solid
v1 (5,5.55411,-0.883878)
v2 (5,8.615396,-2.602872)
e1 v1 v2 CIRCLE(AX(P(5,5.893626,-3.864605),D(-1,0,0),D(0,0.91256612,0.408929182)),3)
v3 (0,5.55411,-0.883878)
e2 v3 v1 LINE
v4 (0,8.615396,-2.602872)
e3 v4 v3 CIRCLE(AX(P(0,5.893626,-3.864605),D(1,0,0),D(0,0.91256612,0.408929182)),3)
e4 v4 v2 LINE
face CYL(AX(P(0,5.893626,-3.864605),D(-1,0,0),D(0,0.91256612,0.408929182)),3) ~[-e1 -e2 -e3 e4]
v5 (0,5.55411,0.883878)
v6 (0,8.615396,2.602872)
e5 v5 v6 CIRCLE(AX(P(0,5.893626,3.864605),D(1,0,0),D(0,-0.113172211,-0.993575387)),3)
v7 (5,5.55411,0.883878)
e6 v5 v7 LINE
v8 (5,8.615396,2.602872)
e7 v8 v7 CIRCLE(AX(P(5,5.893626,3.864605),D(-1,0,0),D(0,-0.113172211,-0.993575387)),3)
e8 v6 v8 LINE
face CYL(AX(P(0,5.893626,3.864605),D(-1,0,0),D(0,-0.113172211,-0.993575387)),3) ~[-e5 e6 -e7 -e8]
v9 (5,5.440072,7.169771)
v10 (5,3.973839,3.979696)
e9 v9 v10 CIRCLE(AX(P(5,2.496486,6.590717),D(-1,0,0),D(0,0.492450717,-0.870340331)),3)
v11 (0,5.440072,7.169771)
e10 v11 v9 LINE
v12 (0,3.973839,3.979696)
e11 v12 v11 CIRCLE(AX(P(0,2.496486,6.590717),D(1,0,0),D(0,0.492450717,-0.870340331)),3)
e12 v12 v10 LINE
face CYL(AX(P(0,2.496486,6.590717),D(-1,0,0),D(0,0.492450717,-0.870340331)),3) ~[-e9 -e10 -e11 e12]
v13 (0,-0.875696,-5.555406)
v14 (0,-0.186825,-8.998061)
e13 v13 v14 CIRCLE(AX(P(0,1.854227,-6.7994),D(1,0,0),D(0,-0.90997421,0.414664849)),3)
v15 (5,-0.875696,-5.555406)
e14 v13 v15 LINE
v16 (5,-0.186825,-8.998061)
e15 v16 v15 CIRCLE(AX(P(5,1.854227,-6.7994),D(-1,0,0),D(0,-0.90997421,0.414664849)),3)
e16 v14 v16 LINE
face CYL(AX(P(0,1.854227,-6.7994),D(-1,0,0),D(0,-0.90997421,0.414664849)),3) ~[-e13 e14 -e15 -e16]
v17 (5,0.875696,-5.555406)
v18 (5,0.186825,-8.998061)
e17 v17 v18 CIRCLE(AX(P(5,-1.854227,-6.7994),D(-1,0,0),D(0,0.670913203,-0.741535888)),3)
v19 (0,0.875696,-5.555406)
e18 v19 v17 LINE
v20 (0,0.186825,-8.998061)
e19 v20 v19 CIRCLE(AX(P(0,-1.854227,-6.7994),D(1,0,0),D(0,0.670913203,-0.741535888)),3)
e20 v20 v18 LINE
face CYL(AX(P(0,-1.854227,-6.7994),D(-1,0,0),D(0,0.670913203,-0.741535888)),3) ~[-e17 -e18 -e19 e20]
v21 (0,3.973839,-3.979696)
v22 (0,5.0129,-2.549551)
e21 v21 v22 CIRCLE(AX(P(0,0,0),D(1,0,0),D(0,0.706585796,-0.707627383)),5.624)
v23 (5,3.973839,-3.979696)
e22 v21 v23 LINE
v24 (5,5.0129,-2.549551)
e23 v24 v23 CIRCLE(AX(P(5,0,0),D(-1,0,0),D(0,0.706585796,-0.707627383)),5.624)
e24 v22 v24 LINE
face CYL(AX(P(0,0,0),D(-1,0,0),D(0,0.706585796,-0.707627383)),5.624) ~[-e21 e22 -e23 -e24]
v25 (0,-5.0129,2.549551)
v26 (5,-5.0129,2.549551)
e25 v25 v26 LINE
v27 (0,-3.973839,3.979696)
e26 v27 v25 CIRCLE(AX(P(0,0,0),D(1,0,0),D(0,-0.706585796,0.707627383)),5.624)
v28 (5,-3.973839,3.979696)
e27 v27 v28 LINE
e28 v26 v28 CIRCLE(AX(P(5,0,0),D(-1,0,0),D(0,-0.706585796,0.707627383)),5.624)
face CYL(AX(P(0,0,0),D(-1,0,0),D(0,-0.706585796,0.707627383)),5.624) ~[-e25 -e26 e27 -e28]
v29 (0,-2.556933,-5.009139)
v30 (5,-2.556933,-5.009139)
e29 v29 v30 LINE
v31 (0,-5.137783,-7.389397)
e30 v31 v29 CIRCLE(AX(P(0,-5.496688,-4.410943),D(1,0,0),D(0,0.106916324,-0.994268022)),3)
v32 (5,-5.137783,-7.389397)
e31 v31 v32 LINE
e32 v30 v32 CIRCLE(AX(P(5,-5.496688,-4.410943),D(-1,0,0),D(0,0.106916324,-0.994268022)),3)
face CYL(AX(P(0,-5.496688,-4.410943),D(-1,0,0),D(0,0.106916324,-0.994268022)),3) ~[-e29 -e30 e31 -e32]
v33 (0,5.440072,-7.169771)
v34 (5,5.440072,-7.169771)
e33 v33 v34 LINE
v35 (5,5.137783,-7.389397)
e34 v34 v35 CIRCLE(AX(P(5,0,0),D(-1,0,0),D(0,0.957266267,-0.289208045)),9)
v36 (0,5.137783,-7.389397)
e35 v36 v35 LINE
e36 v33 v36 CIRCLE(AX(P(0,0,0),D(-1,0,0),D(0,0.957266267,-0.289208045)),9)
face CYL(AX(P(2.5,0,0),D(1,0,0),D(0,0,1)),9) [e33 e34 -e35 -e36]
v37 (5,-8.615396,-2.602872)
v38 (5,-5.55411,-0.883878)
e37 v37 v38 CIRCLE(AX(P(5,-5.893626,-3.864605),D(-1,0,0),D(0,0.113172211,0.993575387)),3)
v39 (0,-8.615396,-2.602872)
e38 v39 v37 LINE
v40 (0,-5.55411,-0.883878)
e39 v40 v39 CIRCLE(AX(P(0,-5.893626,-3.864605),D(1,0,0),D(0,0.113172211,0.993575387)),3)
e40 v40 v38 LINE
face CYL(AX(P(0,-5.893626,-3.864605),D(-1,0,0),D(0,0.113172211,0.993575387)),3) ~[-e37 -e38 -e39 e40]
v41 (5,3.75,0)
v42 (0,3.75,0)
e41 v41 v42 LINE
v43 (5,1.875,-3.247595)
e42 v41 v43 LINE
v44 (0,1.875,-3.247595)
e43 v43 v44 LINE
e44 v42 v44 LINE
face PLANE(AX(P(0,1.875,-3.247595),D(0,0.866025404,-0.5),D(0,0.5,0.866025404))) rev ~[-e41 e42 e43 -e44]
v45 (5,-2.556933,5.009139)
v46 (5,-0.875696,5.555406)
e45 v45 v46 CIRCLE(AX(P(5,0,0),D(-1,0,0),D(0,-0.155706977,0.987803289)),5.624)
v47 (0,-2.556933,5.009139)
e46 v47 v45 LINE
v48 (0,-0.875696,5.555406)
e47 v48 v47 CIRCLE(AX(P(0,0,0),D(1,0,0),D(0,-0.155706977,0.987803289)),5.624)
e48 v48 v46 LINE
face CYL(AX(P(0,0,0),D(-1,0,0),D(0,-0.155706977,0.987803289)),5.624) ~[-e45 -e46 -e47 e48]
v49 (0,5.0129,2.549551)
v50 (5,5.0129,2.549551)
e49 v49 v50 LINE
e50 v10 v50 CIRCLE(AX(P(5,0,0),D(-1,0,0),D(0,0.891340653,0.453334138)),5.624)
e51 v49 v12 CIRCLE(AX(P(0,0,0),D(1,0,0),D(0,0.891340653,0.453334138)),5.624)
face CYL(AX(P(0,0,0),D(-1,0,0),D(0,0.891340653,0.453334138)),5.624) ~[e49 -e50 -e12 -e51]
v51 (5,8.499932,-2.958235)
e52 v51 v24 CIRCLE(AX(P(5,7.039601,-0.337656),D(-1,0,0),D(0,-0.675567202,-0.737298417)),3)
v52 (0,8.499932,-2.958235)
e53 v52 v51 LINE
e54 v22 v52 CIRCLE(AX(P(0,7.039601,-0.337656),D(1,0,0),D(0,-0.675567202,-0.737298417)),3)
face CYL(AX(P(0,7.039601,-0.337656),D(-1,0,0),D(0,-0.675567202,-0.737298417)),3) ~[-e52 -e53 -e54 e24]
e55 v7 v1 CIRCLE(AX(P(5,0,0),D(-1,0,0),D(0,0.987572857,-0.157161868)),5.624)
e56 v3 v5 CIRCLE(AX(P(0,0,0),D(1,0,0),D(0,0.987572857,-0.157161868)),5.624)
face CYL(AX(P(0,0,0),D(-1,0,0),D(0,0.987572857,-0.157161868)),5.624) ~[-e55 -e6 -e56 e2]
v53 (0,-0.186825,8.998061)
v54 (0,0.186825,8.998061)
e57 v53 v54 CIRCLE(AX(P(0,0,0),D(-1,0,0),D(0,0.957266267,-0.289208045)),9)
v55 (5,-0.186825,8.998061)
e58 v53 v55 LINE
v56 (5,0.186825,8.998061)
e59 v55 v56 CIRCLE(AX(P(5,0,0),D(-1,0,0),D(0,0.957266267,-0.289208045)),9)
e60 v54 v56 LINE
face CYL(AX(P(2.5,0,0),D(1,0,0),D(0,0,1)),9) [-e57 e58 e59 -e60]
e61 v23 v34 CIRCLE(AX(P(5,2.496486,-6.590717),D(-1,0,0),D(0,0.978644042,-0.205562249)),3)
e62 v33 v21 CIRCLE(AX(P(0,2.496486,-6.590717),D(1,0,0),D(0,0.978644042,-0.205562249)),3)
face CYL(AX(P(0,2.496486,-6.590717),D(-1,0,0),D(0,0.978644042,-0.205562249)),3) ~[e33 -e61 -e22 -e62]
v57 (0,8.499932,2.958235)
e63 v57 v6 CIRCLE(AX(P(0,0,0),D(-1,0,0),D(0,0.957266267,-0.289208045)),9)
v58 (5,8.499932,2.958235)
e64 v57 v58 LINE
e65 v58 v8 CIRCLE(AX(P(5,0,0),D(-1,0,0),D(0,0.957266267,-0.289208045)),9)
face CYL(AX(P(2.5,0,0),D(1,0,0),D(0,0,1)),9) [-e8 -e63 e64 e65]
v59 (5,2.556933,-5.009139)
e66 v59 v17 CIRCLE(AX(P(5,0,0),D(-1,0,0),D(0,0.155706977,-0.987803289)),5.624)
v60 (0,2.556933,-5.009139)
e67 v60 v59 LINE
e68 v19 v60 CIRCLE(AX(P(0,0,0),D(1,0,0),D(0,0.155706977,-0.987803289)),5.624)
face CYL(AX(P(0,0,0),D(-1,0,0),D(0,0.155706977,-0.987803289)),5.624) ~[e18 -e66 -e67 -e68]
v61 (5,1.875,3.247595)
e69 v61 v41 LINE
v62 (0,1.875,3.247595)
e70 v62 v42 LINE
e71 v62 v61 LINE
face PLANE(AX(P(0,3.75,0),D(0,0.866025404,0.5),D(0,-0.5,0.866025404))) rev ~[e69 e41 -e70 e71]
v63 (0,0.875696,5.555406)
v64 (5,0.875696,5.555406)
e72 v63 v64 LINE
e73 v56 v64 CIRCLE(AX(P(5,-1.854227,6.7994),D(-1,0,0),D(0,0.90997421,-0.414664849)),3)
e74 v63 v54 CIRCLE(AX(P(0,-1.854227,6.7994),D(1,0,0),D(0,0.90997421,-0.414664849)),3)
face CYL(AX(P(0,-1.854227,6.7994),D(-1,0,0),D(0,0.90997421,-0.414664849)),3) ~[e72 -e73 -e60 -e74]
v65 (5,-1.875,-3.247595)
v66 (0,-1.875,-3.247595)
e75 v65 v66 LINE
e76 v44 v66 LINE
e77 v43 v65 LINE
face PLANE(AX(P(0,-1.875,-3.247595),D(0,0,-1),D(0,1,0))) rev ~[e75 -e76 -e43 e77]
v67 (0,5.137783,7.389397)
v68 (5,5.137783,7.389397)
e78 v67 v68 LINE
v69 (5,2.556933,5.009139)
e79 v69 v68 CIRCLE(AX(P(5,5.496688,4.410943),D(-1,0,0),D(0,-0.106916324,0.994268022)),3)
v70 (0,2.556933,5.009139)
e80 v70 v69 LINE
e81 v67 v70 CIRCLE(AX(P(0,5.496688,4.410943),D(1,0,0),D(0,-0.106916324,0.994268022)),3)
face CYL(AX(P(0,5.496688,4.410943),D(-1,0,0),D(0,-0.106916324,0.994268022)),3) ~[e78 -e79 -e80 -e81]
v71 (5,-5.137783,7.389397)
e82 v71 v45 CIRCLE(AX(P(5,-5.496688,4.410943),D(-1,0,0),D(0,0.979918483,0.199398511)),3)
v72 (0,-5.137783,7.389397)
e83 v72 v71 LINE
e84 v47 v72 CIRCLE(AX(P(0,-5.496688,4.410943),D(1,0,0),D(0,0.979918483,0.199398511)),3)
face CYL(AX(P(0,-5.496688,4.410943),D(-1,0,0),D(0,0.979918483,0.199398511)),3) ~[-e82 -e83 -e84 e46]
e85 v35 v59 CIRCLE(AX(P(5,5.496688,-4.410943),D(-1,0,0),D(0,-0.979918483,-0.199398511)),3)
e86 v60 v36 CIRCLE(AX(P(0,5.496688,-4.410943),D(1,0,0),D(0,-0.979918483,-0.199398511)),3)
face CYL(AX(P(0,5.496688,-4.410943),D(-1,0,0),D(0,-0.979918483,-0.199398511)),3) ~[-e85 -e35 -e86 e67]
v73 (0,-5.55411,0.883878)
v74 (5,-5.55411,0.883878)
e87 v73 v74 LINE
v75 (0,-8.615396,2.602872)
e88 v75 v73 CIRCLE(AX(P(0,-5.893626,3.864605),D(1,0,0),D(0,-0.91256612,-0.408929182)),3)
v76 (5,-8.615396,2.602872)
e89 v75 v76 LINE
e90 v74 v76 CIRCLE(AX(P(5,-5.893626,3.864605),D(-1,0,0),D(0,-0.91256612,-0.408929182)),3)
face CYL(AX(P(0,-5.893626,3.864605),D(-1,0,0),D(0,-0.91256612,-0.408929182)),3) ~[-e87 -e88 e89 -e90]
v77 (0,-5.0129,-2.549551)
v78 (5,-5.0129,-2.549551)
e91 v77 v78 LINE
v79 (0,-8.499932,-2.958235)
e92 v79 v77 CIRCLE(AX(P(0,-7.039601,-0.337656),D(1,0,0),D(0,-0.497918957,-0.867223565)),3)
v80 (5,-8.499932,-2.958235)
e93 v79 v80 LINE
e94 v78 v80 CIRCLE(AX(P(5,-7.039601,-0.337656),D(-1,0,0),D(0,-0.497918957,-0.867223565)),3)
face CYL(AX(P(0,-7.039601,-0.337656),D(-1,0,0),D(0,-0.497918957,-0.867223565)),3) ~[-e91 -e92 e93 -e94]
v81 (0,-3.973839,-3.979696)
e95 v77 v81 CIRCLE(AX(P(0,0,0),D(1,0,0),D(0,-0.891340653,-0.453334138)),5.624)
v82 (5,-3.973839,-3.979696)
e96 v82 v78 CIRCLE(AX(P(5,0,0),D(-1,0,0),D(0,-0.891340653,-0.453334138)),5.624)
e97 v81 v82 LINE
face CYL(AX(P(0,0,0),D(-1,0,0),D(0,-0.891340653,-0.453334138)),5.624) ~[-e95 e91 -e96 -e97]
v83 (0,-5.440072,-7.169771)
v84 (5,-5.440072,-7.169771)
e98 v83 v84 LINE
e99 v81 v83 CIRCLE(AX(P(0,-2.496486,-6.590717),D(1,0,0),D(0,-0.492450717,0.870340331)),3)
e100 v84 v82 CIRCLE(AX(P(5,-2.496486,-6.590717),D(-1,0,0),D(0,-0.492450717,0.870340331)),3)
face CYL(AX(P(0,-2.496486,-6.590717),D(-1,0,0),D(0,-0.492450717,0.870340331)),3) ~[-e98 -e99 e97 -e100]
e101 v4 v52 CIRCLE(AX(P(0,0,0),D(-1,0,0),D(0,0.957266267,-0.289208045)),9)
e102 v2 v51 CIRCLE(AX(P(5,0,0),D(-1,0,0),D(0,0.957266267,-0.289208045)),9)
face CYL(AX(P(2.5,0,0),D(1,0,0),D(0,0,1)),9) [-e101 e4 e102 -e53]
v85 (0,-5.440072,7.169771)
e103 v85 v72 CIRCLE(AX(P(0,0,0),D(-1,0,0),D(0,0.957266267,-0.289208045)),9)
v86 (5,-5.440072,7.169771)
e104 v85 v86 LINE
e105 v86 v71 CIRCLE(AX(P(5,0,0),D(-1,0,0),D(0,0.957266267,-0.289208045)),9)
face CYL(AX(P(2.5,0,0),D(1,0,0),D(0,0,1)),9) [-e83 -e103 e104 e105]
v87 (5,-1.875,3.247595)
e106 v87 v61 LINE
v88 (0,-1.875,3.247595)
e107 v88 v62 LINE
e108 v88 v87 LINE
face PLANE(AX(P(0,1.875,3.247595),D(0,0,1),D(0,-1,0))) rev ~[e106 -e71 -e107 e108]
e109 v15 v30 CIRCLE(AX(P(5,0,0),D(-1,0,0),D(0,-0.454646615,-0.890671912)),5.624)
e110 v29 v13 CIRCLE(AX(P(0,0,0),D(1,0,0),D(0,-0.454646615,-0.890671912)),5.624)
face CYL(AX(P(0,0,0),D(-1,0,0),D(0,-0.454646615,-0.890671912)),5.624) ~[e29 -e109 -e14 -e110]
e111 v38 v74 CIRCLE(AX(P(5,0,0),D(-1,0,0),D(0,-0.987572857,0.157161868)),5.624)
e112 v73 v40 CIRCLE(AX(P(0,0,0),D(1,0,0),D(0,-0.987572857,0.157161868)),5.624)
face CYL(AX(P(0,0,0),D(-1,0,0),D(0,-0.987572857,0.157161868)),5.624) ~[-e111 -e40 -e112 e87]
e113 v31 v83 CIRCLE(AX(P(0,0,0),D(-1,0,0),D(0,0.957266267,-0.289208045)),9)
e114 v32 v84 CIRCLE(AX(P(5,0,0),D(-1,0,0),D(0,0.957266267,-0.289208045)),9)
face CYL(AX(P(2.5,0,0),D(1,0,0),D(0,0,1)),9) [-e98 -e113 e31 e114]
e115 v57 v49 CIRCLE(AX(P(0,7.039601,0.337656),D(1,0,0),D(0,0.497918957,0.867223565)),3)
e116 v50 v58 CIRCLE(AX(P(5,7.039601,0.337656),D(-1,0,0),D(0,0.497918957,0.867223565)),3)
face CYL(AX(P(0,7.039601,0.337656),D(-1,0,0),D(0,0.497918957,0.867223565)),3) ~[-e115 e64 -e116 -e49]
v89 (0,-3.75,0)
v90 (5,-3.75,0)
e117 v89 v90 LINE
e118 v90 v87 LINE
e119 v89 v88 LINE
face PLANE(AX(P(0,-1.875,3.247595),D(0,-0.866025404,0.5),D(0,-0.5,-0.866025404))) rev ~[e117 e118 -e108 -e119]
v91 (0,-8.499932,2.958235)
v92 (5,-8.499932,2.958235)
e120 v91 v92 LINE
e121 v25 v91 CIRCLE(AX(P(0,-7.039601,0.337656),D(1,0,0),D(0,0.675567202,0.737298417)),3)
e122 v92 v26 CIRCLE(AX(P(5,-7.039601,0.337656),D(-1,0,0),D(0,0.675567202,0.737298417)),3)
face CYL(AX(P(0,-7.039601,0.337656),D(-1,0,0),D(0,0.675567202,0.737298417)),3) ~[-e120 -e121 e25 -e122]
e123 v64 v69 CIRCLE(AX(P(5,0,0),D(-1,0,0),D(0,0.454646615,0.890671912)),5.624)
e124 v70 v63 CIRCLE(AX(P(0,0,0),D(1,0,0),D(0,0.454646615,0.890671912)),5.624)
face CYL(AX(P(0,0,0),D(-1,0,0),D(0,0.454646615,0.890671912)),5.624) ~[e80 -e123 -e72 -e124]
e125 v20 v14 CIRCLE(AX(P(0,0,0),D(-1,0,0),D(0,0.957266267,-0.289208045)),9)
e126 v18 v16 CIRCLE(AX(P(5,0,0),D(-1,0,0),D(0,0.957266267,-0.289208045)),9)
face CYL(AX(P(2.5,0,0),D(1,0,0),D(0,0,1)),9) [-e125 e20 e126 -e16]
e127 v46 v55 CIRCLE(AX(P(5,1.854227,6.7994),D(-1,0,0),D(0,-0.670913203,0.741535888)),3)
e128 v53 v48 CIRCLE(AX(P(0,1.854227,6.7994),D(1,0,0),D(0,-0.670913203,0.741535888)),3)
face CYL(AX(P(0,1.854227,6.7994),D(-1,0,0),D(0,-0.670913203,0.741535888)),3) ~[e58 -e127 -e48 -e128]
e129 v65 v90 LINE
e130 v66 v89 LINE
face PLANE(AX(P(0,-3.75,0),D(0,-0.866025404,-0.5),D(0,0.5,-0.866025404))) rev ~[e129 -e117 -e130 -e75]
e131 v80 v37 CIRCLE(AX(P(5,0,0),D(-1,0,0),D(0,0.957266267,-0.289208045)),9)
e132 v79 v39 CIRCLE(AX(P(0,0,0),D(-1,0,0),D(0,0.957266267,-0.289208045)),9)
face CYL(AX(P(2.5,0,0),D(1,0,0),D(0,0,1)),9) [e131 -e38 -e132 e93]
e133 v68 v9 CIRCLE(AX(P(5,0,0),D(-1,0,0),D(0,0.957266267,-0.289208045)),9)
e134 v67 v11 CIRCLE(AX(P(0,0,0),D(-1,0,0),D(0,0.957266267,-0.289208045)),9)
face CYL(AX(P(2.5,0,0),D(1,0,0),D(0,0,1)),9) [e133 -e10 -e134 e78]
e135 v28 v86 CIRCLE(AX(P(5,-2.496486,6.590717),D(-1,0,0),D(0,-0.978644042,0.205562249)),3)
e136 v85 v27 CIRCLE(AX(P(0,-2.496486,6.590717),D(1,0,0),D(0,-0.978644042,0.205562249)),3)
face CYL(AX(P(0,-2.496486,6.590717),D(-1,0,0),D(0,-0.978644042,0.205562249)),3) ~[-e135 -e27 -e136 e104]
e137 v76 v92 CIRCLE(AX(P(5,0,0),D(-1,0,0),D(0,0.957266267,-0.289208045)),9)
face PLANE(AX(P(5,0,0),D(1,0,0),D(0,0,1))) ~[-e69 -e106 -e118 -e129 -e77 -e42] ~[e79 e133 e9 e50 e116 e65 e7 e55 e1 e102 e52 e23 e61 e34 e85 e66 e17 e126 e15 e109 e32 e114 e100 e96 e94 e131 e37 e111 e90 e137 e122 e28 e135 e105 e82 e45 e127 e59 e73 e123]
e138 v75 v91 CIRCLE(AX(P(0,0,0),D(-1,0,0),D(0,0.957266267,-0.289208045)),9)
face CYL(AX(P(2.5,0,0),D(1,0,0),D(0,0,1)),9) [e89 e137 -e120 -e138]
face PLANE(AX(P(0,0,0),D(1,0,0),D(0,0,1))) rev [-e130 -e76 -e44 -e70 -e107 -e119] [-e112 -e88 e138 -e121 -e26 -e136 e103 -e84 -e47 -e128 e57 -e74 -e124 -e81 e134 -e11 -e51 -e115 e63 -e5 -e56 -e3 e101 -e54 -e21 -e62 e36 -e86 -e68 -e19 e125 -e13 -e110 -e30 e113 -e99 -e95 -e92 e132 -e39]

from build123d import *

# Parameters (mm, degrees)
BASPROSKE_W     = 5
BASPROSKE_H     = 9
TOOTHCUT_DEPTH  = 14.674794331
TEETHCUTS_COUNT = 10
TEETHCUTS_ANGLE = 324
BORE_DEPTH      = 50.0003048


with BuildPart() as part:
    # BasProSke → Base-Revolve (revolve)
    with BuildSketch(Plane(origin=(0, 0, 0), x_dir=(1, 0, 0), z_dir=(0, 1, 0)), mode=Mode.PRIVATE) as base_revolve_sk:
        with Locations((2.5, 4.5)):
            Rectangle(BASPROSKE_W, BASPROSKE_H)
    revolve(base_revolve_sk.sketch.rotate(Axis((-10, 0, 0), (1, 0, 0)), 180), axis=Axis((-10, 0, 0), (1, 0, 0)))

    # TooCutSke → ToothCut (cut, through all)
    with BuildSketch(Plane(origin=(0, 0, 0), x_dir=(0, 0, -1), z_dir=(1, 0, 0))):
        with BuildLine():
            ThreePointArc((0.883878355, 5.554109745), (0, 5.624), (-0.883878355, 5.554109745))
            ThreePointArc((-0.883878355, 5.554109745), (-1.258245767, 7.379188248), (-2.637816971, 8.631324741))
            ThreePointArc((-2.637816971, 8.631324741), (0, 9.0254), (2.637816971, 8.631324741))
            ThreePointArc((2.637816971, 8.631324741), (1.258245767, 7.379188248), (0.883878355, 5.554109745))
        make_face()
    toothcut = extrude(amount=TOOTHCUT_DEPTH, mode=Mode.SUBTRACT)

    # TeethCuts: ToothCut ×10 about axis
    teethcuts_axis = Axis((-10, 0, 0), (1, 0, 0))
    for i in range(1, TEETHCUTS_COUNT):
        add(toothcut.rotate(teethcuts_axis, i * TEETHCUTS_ANGLE / (TEETHCUTS_COUNT - 1)), mode=Mode.SUBTRACT)

    # BorSke → Bore (cut, symmetric)
    with BuildSketch(Plane(origin=(0, 0, 0), x_dir=(0, 0, -1), z_dir=(1, 0, 0))):
        Polygon((0, 3.75), (-3.247595264, 1.875), (-3.247595264, -1.875), (0, -3.75), (3.247595264, -1.875), (3.247595264, 1.875), align=None)
    extrude(amount=BORE_DEPTH, both=True, mode=Mode.SUBTRACT)


solid = part.part
